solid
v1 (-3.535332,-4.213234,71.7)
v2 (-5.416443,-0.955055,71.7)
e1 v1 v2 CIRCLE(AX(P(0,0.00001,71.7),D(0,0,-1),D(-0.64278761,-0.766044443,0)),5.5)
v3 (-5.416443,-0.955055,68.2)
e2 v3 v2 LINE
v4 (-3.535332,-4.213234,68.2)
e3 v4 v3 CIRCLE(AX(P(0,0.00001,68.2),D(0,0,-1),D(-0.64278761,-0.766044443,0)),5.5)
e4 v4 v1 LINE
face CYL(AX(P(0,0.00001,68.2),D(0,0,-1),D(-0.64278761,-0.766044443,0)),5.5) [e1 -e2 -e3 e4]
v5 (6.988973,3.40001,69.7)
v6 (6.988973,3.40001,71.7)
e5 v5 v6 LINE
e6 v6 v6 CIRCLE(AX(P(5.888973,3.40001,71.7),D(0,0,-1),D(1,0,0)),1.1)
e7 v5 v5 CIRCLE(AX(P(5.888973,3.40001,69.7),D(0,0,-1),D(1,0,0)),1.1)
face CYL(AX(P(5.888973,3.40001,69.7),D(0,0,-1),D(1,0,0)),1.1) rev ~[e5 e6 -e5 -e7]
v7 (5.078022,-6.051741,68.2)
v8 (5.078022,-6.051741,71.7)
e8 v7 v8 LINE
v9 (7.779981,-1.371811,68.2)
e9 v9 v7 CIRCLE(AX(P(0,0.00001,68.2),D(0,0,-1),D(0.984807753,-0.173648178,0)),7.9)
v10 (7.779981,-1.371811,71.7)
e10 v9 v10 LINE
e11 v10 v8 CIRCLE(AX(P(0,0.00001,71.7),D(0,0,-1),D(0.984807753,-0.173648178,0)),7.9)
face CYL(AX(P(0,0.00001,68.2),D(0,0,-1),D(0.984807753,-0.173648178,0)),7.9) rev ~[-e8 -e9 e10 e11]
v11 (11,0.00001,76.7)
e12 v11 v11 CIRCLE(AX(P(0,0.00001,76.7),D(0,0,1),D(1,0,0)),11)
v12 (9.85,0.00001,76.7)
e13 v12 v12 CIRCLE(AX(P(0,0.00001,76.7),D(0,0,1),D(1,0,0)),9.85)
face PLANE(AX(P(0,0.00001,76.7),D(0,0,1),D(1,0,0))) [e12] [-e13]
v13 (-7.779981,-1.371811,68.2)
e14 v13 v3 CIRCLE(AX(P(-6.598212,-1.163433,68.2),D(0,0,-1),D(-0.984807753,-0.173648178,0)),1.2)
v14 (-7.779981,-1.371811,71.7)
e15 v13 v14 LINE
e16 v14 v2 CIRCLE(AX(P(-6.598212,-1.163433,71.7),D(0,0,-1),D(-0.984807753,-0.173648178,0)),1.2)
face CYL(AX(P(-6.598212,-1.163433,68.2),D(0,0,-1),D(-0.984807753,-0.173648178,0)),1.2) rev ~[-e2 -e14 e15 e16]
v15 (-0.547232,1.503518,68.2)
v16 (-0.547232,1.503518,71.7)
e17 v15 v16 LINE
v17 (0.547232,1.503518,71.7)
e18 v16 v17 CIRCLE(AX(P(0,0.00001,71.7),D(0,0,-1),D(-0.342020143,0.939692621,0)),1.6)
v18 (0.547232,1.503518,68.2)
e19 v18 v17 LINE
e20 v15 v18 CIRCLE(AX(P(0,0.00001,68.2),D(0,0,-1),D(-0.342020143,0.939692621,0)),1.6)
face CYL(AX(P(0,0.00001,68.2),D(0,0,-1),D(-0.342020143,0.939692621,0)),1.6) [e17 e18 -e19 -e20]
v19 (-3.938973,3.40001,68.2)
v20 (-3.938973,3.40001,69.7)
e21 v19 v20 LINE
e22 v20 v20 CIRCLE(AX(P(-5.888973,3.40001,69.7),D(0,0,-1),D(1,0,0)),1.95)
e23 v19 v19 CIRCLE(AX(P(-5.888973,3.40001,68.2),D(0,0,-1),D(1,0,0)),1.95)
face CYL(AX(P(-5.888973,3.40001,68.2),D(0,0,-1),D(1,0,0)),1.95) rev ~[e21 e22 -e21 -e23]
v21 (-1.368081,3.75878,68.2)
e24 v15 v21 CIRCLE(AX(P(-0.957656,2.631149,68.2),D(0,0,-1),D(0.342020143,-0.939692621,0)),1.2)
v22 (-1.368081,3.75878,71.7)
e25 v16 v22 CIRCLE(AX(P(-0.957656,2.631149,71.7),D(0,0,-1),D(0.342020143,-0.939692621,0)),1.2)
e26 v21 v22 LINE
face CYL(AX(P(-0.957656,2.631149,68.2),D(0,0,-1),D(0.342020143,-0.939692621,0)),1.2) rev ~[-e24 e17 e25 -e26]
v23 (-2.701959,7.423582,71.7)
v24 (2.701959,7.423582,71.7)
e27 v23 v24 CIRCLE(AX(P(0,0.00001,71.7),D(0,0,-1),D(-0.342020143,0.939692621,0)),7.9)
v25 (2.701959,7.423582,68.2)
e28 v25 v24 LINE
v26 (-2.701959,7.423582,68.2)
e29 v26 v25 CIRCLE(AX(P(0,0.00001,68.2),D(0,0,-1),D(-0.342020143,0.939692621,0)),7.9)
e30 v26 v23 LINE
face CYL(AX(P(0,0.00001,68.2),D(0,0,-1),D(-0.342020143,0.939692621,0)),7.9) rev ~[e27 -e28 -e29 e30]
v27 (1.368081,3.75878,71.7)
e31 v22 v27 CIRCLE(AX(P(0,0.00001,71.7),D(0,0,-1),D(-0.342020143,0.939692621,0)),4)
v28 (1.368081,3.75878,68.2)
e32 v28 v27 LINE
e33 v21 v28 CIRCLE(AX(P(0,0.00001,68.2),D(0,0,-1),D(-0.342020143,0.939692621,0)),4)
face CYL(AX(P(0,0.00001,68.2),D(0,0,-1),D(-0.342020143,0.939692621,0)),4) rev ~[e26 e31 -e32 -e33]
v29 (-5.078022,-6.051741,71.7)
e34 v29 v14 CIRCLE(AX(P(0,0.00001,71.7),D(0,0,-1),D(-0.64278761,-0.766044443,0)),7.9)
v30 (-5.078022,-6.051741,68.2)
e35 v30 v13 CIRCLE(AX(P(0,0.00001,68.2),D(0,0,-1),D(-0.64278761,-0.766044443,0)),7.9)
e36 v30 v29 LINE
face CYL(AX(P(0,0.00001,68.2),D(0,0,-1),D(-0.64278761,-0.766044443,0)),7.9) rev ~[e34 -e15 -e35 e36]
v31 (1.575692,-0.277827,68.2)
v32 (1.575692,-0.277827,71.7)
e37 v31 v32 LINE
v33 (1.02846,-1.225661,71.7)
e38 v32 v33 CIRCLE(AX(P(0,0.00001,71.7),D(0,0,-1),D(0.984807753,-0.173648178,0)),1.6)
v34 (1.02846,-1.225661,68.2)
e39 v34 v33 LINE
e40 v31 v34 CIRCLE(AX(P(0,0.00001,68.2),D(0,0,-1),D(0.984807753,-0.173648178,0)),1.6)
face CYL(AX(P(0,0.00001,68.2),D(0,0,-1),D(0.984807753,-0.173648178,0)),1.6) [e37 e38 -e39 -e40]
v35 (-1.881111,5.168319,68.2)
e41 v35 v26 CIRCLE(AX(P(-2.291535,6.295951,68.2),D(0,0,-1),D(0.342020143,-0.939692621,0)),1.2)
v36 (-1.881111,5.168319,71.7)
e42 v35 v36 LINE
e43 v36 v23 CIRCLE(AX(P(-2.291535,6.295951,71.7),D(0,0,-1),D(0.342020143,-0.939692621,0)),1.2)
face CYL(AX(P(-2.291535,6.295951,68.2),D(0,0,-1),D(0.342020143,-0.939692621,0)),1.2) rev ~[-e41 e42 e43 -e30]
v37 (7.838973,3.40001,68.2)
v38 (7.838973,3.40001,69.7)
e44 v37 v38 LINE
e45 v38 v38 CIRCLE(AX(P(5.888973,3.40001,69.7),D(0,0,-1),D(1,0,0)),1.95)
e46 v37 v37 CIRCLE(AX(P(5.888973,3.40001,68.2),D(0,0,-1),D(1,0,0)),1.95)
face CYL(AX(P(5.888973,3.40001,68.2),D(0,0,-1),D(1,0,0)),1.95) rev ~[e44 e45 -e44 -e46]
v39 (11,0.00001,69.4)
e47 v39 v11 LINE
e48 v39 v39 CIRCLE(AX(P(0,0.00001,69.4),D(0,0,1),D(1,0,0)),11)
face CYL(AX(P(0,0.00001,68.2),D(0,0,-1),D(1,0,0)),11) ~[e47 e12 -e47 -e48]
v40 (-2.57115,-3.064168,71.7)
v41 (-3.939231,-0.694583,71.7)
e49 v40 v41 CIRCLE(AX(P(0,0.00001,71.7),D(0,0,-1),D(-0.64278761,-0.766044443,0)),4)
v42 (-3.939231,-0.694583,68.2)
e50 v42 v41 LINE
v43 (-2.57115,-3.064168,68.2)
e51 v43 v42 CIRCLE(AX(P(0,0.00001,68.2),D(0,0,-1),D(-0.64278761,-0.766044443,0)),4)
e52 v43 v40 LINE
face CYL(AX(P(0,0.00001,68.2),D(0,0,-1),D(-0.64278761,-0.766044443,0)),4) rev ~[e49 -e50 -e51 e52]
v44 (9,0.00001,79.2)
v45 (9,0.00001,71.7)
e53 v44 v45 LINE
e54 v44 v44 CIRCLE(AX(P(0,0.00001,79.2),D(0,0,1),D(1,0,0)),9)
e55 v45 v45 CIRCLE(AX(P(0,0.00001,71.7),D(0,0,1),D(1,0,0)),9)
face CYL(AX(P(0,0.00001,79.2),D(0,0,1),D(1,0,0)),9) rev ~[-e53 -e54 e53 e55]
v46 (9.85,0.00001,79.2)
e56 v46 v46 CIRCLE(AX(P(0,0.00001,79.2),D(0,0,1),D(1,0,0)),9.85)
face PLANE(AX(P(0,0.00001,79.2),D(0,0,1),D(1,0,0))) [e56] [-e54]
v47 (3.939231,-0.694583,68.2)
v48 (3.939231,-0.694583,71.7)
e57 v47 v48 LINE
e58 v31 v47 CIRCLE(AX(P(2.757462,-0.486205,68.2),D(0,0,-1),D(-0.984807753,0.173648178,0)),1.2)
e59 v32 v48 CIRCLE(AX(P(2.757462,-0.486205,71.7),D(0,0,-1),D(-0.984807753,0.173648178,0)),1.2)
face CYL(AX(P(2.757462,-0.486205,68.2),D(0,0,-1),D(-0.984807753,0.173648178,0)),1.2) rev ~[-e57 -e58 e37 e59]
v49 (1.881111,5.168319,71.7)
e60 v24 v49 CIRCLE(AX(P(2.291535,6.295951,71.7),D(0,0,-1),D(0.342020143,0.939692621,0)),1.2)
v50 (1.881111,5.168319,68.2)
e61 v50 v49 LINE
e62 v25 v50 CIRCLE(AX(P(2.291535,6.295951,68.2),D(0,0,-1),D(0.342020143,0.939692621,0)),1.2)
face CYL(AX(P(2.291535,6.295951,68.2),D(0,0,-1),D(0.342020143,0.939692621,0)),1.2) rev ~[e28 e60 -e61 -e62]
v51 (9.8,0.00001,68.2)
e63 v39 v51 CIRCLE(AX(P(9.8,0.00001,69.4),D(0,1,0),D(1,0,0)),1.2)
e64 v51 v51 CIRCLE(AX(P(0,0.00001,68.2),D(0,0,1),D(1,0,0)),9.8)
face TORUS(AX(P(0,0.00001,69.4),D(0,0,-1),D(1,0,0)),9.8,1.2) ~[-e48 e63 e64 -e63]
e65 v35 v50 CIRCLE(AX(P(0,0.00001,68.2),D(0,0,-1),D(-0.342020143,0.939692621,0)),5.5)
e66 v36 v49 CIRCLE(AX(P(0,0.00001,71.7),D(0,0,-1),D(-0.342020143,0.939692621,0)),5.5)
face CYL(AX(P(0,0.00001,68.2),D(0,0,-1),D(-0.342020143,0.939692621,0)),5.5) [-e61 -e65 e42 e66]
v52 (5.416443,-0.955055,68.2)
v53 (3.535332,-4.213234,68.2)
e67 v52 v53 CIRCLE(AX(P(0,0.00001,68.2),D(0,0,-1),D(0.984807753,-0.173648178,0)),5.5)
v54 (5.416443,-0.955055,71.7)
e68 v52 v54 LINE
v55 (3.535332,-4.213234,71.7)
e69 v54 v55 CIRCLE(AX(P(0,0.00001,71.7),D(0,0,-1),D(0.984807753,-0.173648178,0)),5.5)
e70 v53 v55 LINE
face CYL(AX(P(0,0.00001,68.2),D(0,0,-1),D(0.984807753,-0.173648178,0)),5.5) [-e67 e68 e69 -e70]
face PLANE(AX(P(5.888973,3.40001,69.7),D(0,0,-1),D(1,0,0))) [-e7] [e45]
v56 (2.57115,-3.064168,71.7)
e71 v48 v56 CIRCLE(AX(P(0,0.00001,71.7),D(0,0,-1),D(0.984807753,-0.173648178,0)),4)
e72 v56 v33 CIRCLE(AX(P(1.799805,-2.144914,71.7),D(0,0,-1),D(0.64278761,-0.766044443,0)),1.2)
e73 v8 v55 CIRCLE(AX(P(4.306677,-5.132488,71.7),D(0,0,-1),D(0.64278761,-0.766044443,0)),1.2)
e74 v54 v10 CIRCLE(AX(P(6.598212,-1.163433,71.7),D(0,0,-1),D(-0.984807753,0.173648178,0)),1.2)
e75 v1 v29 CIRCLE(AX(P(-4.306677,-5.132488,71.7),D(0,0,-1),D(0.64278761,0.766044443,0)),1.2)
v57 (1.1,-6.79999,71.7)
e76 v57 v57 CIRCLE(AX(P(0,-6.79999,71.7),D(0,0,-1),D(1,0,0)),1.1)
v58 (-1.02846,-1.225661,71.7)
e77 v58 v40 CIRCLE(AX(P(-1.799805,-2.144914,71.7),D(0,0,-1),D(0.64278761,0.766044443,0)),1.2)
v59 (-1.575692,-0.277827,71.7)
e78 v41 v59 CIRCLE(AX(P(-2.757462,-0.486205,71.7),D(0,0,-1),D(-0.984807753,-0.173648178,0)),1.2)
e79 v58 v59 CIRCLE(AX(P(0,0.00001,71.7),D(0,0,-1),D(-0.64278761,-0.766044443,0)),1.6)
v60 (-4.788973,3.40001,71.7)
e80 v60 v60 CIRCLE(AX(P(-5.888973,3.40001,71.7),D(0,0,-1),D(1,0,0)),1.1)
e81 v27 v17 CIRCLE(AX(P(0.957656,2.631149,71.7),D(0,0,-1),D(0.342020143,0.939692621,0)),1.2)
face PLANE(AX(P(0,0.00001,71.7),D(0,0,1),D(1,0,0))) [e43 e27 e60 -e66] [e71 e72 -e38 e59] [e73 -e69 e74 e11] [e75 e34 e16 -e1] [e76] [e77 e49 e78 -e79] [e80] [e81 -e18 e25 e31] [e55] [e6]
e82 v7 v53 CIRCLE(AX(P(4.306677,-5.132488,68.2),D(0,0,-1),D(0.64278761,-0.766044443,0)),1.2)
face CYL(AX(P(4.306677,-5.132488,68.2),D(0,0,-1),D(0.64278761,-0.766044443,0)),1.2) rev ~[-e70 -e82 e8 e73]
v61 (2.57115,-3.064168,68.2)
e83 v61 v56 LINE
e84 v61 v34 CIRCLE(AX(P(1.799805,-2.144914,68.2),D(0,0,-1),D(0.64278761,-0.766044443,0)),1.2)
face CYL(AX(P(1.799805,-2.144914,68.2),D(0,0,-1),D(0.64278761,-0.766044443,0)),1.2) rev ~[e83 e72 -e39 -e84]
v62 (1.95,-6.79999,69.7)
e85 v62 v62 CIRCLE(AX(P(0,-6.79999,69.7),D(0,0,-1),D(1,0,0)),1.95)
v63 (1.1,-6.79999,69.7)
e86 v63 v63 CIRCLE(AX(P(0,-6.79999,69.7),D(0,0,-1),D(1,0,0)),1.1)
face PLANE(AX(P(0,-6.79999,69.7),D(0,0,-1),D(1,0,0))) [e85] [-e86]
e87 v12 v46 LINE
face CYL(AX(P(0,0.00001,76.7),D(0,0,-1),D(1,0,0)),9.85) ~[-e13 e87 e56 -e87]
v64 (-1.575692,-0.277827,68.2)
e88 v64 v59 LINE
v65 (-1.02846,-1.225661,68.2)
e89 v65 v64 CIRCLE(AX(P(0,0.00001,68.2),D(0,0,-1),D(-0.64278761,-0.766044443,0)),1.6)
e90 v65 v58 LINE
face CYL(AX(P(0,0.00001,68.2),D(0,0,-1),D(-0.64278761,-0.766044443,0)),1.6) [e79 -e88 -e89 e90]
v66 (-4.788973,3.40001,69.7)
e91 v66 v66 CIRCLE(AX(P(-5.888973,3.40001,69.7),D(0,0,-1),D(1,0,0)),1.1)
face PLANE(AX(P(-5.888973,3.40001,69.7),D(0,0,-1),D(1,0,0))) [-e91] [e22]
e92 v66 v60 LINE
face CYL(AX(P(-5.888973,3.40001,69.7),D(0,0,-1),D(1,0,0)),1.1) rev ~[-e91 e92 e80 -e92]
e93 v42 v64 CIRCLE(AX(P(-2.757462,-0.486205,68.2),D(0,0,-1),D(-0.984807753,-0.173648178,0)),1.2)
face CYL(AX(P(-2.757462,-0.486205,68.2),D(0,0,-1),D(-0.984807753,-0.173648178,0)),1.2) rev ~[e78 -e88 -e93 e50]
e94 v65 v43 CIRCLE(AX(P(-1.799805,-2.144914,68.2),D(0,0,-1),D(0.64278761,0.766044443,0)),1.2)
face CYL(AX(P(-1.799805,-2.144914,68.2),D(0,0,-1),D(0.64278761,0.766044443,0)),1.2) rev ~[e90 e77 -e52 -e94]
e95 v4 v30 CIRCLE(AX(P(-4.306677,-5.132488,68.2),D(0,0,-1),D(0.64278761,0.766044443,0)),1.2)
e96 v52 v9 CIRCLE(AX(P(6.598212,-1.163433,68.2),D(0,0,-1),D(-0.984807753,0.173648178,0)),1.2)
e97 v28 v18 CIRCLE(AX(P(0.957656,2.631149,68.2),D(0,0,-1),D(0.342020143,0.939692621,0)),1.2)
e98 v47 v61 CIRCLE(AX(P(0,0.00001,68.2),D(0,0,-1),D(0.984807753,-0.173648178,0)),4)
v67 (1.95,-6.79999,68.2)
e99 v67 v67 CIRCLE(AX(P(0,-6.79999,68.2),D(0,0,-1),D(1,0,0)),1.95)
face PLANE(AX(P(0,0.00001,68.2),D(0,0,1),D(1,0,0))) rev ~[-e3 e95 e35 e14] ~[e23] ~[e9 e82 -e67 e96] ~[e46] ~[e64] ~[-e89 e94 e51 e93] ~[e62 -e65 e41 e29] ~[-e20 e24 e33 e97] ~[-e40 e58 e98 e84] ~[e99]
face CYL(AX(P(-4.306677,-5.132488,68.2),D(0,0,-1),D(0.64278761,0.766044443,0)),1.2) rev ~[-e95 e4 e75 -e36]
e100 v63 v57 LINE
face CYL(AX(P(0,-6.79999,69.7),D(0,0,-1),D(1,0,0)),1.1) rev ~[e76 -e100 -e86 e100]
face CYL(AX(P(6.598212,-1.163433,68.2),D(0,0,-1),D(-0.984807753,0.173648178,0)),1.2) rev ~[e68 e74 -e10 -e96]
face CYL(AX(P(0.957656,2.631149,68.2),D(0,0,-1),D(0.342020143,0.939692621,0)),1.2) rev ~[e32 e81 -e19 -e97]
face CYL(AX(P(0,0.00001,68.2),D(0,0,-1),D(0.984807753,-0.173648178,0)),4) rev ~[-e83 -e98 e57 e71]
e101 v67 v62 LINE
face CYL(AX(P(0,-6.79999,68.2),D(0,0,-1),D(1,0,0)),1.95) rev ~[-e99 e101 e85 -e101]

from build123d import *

# Parameters (mm, degrees)
SKETCH_R        = 11
PAD_DEPTH       = 8.5
SKETCH001_R     = 9.85
PAD001_DEPTH    = 2.5
SKETCH002_R     = 9
POCKET_DEPTH    = 7.5
SKETCH003_R     = 1.95
POCKET001_DEPTH = 1.5
FILLET_R        = 1.2
SKETCH005_R     = 1.1
POCKET002_DEPTH = 2
POCKET003_DEPTH = 3.5


with BuildPart() as part:
    # Sketch → Pad (new body)
    with BuildSketch(Plane.XY):
        Circle(SKETCH_R)
    extrude(amount=PAD_DEPTH)

    # Sketch001 (on Face3 of Pad) → Pad001 (join)
    with BuildSketch(Plane.XY.offset(8.5)):
        Circle(SKETCH001_R)
    extrude(amount=PAD001_DEPTH)

    # Sketch002 (on Face5 of Pad001) → Pocket (cut)
    with BuildSketch(Plane.XY.offset(11)):
        Circle(SKETCH002_R)
    extrude(amount=-POCKET_DEPTH, mode=Mode.SUBTRACT)

    # Sketch003 (on Face2 of Pocket) → Pocket001 (cut)
    with BuildSketch(Plane(origin=(0, 0, 0), x_dir=(1, 0, 0), z_dir=(0, 0, -1))):
        with Locations((0, 6.8)):
            Circle(SKETCH003_R)
        with Locations((-5.8889727457, -3.4)):
            Circle(SKETCH003_R)
        with Locations((5.8889727457, -3.4)):
            Circle(SKETCH003_R)
    extrude(amount=-POCKET001_DEPTH, mode=Mode.SUBTRACT)

    # Fillet
    fillet_edges = [part.edges().sort_by_distance(p)[0] for p in [
        (-11, 0, 0),
    ]]
    fillet(fillet_edges, radius=FILLET_R)

    # Sketch005 (on Face11 of Fillet) → Pocket002 (cut)
    with BuildSketch(Plane(origin=(0, 0, 1.5), x_dir=(1, 0, 0), z_dir=(0, 0, -1))):
        with Locations((-5.8889727457, -3.4)):
            Circle(SKETCH005_R)
        with Locations((0, 6.8)):
            Circle(SKETCH005_R)
        with Locations((5.8889727457, -3.4)):
            Circle(SKETCH005_R)
    extrude(amount=-POCKET002_DEPTH, mode=Mode.SUBTRACT)

    # Sketch007 (on Face4 of Pocket002) → Pocket003 (cut)
    with BuildSketch(Plane(origin=(0, 0, 0), x_dir=(1, 0, 0), z_dir=(0, 0, -1))):
        with BuildLine():
            ThreePointArc((-3.5353318533, 4.2132444372), (-3.3874236532, 5.9038429005), (-5.0780221165, 6.0517511006))
            ThreePointArc((-5.0780221165, 6.0517511006), (-6.8416006899, 3.95), (-7.7799812488, 1.3718206036))
            ThreePointArc((-7.7799812488, 1.3718206036), (-6.8065897584, -0.0183265132), (-5.4164426416, 0.9550649772))
            ThreePointArc((-3.5353318533, 4.2132444372), (-4.7631397208, 2.75), (-5.4164426416, 0.9550649772))
        make_face()
        with BuildLine():
            ThreePointArc((5.0780221165, 6.0517511006), (3.3874236532, 5.9038429005), (3.5353318533, 4.2132444372))
            ThreePointArc((5.4164426416, 0.9550649772), (4.7631397208, 2.75), (3.5353318533, 4.2132444372))
            ThreePointArc((5.4164426416, 0.9550649772), (6.8065897584, -0.0183265132), (7.7799812488, 1.3718206036))
            ThreePointArc((7.7799812488, 1.3718206036), (6.8416006899, 3.95), (5.0780221165, 6.0517511006))
        make_face()
        with BuildLine():
            ThreePointArc((-1.8811107883, -5.1683094143), (-3.4191661052, -5.8855163873), (-2.7019591323, -7.4235717042))
            ThreePointArc((-2.7019591323, -7.4235717042), (0, -7.9), (2.7019591323, -7.4235717042))
            ThreePointArc((2.7019591323, -7.4235717042), (3.4191661052, -5.8855163873), (1.8811107883, -5.1683094143))
            ThreePointArc((-1.8811107883, -5.1683094143), (0, -5.5), (1.8811107883, -5.1683094143))
        make_face()
        with BuildLine():
            ThreePointArc((-1.0284601755, 1.225671109), (-0.8805519754, 2.9162695724), (-2.5711504387, 3.0641777725))
            ThreePointArc((-2.5711504387, 3.0641777725), (-3.4641016151, 2), (-3.939231012, 0.6945927107))
            ThreePointArc((-3.939231012, 0.6945927107), (-2.9658395216, -0.6955544061), (-1.5756924048, 0.2778370843))
            ThreePointArc((-1.0284601755, 1.225671109), (-1.3856406461, 0.8), (-1.5756924048, 0.2778370843))
        make_face()
        with BuildLine():
            ThreePointArc((-0.5472322293, -1.5035081933), (0, -1.6), (0.5472322293, -1.5035081933))
            ThreePointArc((1.3680805733, -3.7587704831), (2.0852875463, -2.2207151662), (0.5472322293, -1.5035081933))
            ThreePointArc((-1.3680805733, -3.7587704831), (0, -4), (1.3680805733, -3.7587704831))
            ThreePointArc((-0.5472322293, -1.5035081933), (-2.0852875463, -2.2207151662), (-1.3680805733, -3.7587704831))
        make_face()
        with BuildLine():
            ThreePointArc((2.5711504387, 3.0641777725), (0.8805519754, 2.9162695724), (1.0284601755, 1.225671109))
            ThreePointArc((1.5756924048, 0.2778370843), (1.3856406461, 0.8), (1.0284601755, 1.225671109))
            ThreePointArc((1.5756924048, 0.2778370843), (2.9658395216, -0.6955544061), (3.939231012, 0.6945927107))
            ThreePointArc((3.939231012, 0.6945927107), (3.4641016151, 2), (2.5711504387, 3.0641777725))
        make_face()
    extrude(amount=-POCKET003_DEPTH, mode=Mode.SUBTRACT)


with BuildPart() as part_1:
    # Body placement: moved
    add(part.part.moved(Location((0, 1e-05, 68.2))))


solid = part_1.part
